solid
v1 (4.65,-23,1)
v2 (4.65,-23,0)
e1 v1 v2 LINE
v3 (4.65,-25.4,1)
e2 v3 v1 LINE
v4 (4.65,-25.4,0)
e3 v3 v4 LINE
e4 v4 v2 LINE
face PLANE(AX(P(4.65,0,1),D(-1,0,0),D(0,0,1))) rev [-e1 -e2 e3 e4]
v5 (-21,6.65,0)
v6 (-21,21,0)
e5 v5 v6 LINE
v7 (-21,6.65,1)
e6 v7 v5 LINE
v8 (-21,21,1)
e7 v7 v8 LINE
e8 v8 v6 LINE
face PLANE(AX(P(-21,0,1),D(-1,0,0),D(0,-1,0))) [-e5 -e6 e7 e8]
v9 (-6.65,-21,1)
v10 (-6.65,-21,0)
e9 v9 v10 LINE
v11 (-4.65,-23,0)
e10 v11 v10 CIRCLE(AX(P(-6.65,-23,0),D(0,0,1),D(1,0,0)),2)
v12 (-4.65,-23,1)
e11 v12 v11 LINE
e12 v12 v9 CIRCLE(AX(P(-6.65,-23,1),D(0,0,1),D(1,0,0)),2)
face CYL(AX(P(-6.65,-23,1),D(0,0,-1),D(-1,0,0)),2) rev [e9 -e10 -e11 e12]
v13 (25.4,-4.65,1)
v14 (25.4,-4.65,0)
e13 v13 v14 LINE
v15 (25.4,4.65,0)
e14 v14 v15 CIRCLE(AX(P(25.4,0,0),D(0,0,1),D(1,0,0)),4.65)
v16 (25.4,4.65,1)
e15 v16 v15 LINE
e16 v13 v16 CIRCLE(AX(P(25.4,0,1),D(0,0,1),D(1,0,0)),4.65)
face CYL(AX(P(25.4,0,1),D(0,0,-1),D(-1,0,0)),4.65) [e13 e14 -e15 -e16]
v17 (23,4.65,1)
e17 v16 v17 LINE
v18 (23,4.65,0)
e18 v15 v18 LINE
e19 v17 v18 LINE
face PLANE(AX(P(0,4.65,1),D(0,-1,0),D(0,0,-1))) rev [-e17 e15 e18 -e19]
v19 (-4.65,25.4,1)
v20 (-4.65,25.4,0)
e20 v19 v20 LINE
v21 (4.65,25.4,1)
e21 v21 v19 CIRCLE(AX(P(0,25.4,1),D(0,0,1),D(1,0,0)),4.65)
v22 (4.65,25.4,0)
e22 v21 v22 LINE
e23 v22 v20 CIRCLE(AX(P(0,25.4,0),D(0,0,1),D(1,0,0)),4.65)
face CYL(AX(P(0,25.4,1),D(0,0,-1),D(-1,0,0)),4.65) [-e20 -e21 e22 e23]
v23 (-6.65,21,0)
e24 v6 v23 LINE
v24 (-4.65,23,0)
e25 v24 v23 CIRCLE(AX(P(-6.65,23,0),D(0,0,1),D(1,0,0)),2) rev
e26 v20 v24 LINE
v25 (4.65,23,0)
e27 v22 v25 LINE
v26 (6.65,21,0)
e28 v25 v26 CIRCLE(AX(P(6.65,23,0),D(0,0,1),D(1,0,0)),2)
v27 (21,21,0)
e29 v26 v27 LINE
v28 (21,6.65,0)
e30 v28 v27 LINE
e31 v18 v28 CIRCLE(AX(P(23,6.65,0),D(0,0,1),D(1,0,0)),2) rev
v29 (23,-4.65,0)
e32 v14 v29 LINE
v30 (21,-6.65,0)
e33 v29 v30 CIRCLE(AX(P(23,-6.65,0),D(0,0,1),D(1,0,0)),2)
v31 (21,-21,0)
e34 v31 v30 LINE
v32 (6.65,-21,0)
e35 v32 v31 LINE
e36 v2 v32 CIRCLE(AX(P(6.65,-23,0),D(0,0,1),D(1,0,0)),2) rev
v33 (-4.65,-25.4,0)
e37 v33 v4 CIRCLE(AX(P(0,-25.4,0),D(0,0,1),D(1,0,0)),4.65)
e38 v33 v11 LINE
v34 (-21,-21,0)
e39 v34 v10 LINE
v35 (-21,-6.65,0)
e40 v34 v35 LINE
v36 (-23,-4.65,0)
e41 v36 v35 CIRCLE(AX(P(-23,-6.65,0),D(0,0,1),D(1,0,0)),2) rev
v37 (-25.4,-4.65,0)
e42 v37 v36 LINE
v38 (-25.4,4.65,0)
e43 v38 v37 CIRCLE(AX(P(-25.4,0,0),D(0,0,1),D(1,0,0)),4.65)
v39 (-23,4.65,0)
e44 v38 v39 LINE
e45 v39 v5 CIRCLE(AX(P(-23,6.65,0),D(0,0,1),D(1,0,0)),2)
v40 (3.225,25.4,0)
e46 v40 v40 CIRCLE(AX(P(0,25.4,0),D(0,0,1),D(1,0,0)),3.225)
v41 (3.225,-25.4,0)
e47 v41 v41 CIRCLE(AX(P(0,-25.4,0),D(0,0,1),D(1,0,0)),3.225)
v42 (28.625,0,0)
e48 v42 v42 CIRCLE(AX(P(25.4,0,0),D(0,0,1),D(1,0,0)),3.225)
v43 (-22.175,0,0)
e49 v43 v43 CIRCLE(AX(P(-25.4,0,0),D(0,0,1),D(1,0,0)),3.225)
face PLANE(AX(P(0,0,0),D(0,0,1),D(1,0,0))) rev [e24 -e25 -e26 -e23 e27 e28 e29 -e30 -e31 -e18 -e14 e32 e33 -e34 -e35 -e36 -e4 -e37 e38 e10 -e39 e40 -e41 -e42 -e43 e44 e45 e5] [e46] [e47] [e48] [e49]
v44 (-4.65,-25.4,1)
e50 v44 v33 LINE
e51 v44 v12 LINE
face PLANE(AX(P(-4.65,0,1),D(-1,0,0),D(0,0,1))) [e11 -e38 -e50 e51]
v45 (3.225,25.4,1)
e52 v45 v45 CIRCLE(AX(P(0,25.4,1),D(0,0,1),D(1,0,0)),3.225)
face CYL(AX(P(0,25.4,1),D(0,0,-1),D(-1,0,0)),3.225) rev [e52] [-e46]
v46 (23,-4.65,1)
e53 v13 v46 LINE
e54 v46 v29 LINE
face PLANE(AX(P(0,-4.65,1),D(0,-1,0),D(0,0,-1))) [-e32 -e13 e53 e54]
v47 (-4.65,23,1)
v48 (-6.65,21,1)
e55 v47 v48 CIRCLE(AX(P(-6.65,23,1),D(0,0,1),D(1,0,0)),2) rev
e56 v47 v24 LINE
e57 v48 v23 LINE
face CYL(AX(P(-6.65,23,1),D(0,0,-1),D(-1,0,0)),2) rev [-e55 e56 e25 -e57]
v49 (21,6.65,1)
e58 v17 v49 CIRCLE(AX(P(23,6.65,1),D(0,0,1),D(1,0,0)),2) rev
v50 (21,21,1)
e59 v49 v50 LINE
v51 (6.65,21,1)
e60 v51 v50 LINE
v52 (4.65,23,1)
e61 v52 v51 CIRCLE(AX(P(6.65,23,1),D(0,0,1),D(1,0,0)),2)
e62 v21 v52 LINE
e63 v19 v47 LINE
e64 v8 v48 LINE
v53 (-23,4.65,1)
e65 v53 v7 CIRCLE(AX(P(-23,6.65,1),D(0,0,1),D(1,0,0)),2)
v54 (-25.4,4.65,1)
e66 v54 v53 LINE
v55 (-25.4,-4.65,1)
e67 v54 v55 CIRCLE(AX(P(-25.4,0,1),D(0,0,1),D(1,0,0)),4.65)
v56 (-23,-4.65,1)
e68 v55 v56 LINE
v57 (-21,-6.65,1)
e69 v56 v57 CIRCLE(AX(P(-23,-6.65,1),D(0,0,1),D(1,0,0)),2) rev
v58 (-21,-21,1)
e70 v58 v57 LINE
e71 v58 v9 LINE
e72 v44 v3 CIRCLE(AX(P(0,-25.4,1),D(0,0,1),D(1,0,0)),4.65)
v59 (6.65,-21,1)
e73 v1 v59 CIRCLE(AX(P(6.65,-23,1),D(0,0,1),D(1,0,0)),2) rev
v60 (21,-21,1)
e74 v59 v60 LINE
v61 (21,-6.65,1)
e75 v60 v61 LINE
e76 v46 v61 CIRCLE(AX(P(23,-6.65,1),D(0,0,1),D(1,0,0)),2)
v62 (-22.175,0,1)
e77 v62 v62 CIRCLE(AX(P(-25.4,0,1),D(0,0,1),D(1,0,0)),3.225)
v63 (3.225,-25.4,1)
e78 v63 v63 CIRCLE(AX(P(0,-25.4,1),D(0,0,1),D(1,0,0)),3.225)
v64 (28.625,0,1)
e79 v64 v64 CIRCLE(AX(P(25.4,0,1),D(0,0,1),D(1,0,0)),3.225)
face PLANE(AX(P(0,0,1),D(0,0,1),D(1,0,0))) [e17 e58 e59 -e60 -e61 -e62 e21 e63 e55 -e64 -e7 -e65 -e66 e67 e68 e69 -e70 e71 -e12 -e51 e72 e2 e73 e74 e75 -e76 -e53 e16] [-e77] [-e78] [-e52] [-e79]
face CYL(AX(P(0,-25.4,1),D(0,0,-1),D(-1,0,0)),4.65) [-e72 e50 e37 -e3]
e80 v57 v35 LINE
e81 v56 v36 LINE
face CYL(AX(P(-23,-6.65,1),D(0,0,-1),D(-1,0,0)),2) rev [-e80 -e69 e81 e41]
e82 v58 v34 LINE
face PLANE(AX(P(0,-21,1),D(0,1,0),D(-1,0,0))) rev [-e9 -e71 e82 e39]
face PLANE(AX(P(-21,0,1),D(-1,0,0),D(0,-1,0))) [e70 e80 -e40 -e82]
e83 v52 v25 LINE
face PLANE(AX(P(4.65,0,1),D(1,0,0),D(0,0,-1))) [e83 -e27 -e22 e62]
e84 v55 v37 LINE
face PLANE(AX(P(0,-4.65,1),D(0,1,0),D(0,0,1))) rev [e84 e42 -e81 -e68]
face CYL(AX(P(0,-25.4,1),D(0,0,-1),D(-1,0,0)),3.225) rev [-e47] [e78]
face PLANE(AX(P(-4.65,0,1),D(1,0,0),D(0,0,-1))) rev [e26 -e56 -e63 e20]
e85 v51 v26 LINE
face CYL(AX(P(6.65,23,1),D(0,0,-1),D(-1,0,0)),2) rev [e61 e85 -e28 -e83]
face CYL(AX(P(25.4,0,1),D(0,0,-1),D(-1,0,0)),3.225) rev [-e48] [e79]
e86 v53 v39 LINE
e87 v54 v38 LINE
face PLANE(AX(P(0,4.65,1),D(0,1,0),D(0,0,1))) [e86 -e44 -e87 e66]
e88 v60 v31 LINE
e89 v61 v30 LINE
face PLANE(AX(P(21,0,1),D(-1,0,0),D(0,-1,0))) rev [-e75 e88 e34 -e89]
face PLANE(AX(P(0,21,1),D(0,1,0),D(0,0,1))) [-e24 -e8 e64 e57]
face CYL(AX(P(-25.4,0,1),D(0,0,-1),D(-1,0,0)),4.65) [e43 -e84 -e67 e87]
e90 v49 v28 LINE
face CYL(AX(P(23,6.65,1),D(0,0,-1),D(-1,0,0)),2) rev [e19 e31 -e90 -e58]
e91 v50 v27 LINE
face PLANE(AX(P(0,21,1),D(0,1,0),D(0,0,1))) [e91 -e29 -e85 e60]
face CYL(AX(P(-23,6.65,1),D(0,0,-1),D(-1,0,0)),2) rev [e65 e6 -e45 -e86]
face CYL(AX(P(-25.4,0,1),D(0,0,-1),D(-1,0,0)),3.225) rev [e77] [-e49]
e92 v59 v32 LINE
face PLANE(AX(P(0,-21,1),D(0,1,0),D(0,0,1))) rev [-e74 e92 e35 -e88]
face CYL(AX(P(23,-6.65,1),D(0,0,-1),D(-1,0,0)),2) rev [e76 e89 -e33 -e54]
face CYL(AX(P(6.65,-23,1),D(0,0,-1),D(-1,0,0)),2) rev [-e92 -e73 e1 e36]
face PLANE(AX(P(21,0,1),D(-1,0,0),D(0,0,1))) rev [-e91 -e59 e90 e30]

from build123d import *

# Parameters (mm, degrees)
SKETCH1_R           = 3.225
BOSS_EXTRUDE1_DEPTH = 1


with BuildPart() as part:
    # Sketch1 → Boss-Extrude1 (new body)
    with BuildSketch(Plane.XY):
        with BuildLine():
            ThreePointArc((4.65, 25.4), (0, 30.05), (-4.65, 25.4))
            Line((-4.65, 25.4), (-4.65, 23))
            ThreePointArc((-4.65, 23), (-5.235786438, 21.585786438), (-6.65, 21))
            Line((-6.65, 21), (-8.759132098, 21))
            Line((-8.759132098, 21), (-21, 21))
            Line((-21, 21), (-21, 7.133487824))
            Line((-21, 7.133487824), (-21, 6.65))
            ThreePointArc((-21, 6.65), (-21.585786438, 5.235786438), (-23, 4.65))
            Line((-23, 4.65), (-25.4, 4.65))
            ThreePointArc((-25.4, 4.65), (-30.05, 0), (-25.4, -4.65))
            Line((-25.4, -4.65), (-23, -4.65))
            ThreePointArc((-23, -4.65), (-21.585786438, -5.235786438), (-21, -6.65))
            Line((-21, -6.65), (-21, -8.759132098))
            Line((-21, -8.759132098), (-21, -21))
            Line((-21, -21), (-7.133487824, -21))
            Line((-7.133487824, -21), (-6.65, -21))
            ThreePointArc((-6.65, -21), (-5.235786438, -21.585786438), (-4.65, -23))
            Line((-4.65, -23), (-4.65, -25.4))
            ThreePointArc((-4.65, -25.4), (0, -30.05), (4.65, -25.4))
            Line((4.65, -25.4), (4.65, -23))
            ThreePointArc((4.65, -23), (5.235786438, -21.585786438), (6.65, -21))
            Line((6.65, -21), (8.759132098, -21))
            Line((8.759132098, -21), (21, -21))
            Line((21, -21), (21, -7.133487824))
            Line((21, -7.133487824), (21, -6.65))
            ThreePointArc((21, -6.65), (21.585786438, -5.235786438), (23, -4.65))
            Line((23, -4.65), (25.4, -4.65))
            ThreePointArc((25.4, -4.65), (30.05, 0), (25.4, 4.65))
            Line((25.4, 4.65), (23, 4.65))
            ThreePointArc((23, 4.65), (21.585786438, 5.235786438), (21, 6.65))
            Line((21, 6.65), (21, 8.759132098))
            Line((21, 8.759132098), (21, 21))
            Line((21, 21), (7.133487824, 21))
            Line((7.133487824, 21), (6.65, 21))
            ThreePointArc((6.65, 21), (5.235786438, 21.585786438), (4.65, 23))
            Line((4.65, 23), (4.65, 25.4))
        make_face()
        with Locations((0, -25.4)):
            Circle(SKETCH1_R, mode=Mode.SUBTRACT)
        with Locations((25.4, 0)):
            Circle(SKETCH1_R, mode=Mode.SUBTRACT)
        with Locations((-25.4, 0)):
            Circle(SKETCH1_R, mode=Mode.SUBTRACT)
        with Locations((0, 25.4)):
            Circle(SKETCH1_R, mode=Mode.SUBTRACT)
    extrude(amount=BOSS_EXTRUDE1_DEPTH)


solid = part.part
